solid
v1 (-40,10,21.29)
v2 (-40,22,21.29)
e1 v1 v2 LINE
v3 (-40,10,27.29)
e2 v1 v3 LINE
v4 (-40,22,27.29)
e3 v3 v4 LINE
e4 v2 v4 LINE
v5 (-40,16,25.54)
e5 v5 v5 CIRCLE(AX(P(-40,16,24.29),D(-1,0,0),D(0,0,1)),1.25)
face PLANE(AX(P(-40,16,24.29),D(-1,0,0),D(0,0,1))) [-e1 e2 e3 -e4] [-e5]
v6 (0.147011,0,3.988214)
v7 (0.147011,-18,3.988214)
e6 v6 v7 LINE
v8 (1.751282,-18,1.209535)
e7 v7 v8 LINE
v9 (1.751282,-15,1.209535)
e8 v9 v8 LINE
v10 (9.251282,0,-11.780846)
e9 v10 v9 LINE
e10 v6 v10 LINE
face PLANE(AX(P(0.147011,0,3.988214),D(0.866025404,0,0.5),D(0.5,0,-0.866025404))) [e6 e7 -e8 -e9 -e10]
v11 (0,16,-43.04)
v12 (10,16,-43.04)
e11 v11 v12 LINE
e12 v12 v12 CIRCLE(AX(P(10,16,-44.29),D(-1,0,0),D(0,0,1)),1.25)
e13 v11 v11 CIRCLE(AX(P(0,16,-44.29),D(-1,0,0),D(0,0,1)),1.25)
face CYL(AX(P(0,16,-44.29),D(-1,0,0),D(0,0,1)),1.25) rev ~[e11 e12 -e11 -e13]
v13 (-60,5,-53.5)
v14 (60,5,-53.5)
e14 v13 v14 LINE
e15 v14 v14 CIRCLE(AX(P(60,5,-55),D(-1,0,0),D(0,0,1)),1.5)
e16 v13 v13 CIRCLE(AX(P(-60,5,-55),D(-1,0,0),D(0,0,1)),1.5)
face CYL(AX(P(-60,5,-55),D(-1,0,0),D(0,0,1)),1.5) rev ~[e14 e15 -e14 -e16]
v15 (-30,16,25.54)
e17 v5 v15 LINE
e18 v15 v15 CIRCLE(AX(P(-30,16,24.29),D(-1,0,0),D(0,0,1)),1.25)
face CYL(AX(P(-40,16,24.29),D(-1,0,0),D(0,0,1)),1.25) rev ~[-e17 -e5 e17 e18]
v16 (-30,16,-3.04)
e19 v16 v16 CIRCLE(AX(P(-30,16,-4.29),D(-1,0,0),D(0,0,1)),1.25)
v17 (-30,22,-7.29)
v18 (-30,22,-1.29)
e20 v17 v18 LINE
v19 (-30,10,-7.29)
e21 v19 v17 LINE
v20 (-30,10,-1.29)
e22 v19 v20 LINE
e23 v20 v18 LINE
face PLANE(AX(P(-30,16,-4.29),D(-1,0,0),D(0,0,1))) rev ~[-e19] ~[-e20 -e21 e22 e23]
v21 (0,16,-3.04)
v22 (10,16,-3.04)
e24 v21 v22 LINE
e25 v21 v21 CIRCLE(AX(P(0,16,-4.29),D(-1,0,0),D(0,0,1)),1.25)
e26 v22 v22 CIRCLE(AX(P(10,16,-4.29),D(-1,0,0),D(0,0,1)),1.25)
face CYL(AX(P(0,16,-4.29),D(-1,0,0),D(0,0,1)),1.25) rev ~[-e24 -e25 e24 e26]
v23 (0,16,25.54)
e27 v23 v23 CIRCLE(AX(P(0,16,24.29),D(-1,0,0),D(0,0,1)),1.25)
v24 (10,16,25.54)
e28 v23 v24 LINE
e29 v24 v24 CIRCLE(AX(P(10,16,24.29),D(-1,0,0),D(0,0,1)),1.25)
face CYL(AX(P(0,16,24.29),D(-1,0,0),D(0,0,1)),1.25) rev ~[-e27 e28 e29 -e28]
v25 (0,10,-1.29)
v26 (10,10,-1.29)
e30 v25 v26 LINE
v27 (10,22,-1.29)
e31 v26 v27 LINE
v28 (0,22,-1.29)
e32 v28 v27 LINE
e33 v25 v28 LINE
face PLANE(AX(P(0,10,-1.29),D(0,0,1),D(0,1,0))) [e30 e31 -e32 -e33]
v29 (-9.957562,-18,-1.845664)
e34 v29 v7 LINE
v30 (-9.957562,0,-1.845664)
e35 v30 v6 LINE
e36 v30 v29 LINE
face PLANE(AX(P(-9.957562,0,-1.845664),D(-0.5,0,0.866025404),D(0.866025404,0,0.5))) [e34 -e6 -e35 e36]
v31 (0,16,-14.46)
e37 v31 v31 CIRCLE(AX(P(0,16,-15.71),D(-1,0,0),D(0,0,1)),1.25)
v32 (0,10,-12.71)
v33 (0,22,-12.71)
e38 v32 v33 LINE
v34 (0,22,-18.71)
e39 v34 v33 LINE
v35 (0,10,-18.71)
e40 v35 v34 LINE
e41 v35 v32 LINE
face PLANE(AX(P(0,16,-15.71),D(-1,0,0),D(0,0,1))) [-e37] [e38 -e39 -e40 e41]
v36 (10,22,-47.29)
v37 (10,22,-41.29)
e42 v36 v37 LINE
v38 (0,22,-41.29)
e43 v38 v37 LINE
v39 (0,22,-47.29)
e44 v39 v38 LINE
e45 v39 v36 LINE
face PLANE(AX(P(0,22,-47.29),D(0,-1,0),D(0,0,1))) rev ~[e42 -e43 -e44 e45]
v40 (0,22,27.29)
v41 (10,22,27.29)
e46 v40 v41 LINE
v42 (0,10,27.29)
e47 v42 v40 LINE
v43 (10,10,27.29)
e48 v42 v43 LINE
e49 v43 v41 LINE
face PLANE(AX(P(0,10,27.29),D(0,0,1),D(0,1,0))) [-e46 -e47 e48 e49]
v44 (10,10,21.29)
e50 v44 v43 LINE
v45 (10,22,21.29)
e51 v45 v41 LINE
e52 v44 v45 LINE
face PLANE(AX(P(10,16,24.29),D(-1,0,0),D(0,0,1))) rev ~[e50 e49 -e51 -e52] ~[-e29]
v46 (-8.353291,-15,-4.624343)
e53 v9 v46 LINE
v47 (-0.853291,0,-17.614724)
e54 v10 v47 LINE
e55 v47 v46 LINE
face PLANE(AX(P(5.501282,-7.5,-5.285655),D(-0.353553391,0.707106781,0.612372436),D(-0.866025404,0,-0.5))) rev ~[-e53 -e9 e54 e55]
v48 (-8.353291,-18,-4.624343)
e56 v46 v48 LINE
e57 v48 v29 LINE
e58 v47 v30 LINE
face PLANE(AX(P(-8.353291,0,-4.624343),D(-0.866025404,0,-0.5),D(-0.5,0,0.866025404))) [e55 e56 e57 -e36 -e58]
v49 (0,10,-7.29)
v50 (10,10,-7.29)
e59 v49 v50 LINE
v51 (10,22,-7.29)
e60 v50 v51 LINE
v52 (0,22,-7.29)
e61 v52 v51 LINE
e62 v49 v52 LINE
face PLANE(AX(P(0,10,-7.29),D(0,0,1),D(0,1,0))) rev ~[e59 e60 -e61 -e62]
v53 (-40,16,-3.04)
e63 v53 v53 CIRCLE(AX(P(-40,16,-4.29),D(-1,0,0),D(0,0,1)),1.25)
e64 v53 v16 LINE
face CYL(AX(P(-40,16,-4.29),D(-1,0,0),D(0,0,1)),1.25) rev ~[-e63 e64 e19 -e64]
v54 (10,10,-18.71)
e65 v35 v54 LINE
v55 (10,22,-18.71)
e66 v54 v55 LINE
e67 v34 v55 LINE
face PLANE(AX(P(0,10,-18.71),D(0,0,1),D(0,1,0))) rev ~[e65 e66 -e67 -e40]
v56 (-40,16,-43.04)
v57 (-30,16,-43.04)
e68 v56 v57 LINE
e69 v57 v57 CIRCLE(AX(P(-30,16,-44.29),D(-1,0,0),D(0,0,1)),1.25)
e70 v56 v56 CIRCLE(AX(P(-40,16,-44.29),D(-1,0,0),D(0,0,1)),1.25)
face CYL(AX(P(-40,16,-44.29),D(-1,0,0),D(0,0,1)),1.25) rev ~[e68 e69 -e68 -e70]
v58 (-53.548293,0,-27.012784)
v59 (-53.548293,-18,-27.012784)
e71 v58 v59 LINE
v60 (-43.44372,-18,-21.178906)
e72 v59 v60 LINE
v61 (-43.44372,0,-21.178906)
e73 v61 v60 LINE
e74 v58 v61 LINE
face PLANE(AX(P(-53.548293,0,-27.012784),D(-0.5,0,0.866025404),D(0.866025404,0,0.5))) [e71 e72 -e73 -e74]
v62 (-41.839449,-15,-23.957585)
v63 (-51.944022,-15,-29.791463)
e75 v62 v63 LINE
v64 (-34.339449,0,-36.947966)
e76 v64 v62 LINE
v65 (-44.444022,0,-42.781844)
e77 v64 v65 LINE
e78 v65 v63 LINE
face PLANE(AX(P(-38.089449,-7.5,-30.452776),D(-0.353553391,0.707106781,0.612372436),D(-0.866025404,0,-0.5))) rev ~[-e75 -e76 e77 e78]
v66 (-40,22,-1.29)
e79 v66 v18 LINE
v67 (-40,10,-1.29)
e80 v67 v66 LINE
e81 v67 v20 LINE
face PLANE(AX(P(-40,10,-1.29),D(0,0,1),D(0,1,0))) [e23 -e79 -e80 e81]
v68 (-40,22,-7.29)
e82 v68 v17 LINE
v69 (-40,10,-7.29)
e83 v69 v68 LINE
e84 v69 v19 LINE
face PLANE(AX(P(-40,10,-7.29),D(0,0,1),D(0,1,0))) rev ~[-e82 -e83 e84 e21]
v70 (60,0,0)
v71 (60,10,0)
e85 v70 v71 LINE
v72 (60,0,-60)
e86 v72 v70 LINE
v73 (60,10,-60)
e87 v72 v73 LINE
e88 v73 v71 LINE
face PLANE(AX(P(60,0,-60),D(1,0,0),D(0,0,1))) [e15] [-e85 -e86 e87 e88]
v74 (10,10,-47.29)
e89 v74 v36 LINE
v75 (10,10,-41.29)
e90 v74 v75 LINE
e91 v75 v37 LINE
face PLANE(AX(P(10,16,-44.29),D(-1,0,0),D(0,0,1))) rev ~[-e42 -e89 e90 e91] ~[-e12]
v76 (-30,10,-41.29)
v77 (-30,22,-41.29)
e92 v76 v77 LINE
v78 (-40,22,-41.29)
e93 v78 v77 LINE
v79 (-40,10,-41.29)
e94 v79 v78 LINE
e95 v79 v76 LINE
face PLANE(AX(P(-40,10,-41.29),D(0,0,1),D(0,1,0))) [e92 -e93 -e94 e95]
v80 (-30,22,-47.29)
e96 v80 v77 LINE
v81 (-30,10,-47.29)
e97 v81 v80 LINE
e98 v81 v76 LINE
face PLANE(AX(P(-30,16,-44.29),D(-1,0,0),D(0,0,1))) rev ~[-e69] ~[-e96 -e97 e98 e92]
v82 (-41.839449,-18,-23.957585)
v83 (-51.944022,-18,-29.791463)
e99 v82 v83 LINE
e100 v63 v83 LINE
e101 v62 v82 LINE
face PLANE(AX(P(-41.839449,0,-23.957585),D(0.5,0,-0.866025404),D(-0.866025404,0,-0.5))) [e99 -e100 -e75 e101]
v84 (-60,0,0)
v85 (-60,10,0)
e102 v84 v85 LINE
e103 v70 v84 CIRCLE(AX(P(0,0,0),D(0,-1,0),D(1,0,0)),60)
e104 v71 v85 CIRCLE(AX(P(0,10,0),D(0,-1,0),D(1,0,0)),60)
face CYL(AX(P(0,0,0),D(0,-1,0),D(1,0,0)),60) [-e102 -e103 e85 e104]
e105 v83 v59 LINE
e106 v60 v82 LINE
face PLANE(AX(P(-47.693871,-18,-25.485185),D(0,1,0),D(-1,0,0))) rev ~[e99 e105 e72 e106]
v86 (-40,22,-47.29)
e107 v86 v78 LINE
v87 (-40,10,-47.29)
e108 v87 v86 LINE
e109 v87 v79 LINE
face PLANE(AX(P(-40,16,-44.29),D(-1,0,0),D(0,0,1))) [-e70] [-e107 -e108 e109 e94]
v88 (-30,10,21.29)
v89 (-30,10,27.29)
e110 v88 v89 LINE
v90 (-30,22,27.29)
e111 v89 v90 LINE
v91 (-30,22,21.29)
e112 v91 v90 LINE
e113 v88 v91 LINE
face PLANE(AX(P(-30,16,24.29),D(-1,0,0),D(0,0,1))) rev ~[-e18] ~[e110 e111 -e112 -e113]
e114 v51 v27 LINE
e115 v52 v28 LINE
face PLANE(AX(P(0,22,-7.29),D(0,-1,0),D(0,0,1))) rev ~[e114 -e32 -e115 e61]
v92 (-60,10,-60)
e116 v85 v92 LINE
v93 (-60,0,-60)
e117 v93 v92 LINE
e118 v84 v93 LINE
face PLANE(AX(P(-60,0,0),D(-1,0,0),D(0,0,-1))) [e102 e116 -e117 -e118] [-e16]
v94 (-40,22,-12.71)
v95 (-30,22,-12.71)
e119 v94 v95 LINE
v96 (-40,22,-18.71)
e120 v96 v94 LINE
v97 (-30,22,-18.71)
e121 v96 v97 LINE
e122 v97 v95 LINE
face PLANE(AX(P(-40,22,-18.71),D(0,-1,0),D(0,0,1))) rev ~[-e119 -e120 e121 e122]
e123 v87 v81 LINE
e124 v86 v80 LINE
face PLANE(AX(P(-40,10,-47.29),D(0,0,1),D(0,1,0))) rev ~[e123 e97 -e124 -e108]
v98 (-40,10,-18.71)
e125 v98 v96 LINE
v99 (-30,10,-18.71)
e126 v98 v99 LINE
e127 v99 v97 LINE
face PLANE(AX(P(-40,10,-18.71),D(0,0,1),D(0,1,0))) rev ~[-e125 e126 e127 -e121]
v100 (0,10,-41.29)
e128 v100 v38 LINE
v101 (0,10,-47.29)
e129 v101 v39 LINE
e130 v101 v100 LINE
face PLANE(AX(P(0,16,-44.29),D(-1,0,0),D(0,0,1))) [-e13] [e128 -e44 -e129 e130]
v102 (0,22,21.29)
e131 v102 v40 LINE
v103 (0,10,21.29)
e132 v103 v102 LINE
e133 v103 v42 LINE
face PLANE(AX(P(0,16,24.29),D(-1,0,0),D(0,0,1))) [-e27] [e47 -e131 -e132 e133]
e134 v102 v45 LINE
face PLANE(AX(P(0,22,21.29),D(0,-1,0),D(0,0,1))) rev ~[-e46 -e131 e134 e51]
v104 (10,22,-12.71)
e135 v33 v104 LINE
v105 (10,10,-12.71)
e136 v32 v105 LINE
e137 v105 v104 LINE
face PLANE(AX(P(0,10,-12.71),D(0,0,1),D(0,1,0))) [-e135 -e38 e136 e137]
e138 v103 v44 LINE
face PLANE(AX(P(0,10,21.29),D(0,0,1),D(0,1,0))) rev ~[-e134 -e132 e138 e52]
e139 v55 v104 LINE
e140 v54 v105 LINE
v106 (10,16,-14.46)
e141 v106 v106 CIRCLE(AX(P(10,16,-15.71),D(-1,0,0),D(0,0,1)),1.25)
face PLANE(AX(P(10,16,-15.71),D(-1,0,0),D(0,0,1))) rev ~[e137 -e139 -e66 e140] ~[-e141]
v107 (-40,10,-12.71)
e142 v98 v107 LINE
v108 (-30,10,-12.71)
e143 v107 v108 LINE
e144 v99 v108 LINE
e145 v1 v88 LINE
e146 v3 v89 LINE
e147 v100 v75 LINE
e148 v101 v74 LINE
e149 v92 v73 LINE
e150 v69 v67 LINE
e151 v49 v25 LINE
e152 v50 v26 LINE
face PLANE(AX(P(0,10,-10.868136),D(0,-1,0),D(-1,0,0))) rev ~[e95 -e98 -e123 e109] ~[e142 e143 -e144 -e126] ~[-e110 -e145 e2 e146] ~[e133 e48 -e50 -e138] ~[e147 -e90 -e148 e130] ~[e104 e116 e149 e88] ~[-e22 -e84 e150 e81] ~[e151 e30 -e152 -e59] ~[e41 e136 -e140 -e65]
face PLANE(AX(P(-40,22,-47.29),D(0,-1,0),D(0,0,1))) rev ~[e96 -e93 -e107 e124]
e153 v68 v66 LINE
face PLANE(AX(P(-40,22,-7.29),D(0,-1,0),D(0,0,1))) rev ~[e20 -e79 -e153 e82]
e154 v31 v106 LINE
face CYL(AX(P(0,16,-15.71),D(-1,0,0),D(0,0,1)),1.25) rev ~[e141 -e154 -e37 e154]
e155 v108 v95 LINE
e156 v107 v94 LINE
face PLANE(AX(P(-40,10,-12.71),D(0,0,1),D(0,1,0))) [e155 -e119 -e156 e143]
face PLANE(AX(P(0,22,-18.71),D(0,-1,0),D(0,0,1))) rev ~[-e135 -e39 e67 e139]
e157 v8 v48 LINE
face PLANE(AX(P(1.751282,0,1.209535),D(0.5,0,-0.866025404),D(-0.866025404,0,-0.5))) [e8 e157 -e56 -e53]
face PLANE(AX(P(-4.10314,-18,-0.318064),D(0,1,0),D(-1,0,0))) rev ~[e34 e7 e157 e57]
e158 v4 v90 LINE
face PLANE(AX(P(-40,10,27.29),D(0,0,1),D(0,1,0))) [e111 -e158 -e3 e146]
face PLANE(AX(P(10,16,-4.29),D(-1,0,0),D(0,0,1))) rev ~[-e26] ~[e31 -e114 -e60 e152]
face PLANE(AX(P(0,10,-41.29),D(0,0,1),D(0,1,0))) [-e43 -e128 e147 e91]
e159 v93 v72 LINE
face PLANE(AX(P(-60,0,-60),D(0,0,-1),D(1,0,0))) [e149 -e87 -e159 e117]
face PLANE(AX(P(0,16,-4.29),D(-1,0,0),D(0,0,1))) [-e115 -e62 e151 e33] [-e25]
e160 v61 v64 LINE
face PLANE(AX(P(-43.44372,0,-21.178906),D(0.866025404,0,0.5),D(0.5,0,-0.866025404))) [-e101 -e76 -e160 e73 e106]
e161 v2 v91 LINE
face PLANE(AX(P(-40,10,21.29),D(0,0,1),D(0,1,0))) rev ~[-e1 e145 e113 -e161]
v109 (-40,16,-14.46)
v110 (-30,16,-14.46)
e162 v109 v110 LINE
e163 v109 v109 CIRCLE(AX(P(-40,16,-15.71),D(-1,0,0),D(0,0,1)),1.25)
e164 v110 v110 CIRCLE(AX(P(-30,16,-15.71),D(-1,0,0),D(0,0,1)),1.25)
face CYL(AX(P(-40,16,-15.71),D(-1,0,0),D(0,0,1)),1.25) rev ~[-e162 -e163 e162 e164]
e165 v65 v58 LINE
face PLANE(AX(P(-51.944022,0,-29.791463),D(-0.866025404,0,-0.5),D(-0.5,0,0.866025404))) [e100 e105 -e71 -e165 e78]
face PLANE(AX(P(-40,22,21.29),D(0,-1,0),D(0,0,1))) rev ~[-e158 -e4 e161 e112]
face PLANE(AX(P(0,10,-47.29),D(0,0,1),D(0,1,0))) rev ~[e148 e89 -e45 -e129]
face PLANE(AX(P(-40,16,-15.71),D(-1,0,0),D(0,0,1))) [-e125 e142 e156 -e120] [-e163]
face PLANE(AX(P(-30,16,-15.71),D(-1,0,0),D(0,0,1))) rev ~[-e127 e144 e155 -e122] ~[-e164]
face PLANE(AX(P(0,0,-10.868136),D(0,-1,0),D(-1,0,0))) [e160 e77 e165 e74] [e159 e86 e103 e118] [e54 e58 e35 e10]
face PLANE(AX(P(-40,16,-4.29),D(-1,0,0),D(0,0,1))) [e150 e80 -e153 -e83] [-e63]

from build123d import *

# Parameters (mm, degrees)
BOSS_EXTRUDE1_DEPTH     = 10
SKETCH2_R               = 1.5
CUT_EXTRUDE1_DEPTH      = 1
CUT_EXTRUDE1_DEPTH_BACK = 121
BOSS_EXTRUDE2_START     = -20
SKETCH5_W               = 6
SKETCH5_H               = 12
SKETCH5_R               = 1.25
BOSS_EXTRUDE2_DEPTH     = 10
LPATTERN1_COUNT         = 2
LPATTERN1_PITCH         = 40
LPATTERN1_COUNT_DIR2    = 2
LPATTERN1_PITCH_DIR2    = 40
BOSS_EXTRUDE4_DEPTH     = 18
CHAMFER1_SIZE           = 15


with BuildPart() as part:
    # Sketch1 → Boss-Extrude1 (new body)
    with BuildSketch(Plane(origin=(0, 0, 0), x_dir=(1, 0, 0), z_dir=(0, 1, 0))):
        with BuildLine():
            Line((-60, 0), (-60, 60))
            Line((-60, 60), (60, 60))
            Line((60, 60), (60, 0))
            ThreePointArc((60, 0), (0, -60), (-60, 0))
        make_face()
    extrude(amount=BOSS_EXTRUDE1_DEPTH)

    # Sketch2 → Cut-Extrude1 (cut, two sides)
    with BuildSketch(Plane.ZY.offset(60)) as cut_extrude1_sk:
        with Locations((-55, 5)):
            Circle(SKETCH2_R)
    extrude(amount=CUT_EXTRUDE1_DEPTH, mode=Mode.SUBTRACT)
    extrude(cut_extrude1_sk.sketch, amount=-CUT_EXTRUDE1_DEPTH_BACK, mode=Mode.SUBTRACT)

    # Sketch5 → Boss-Extrude2 (add)
    with BuildSketch(Plane.ZY.offset(60).offset(BOSS_EXTRUDE2_START)):
        with Locations((-44.29, 16)):
            Rectangle(SKETCH5_W, SKETCH5_H)
        with Locations((-44.29, 16)):
            Circle(SKETCH5_R, mode=Mode.SUBTRACT)
        with Locations((-15.71, 16)):
            Rectangle(SKETCH5_W, SKETCH5_H)
        with Locations((-15.71, 16)):
            Circle(SKETCH5_R, mode=Mode.SUBTRACT)
    boss_extrude2 = extrude(amount=-BOSS_EXTRUDE2_DEPTH)

    # LPattern1: Boss-Extrude2 2 × 2
    with Locations(*[(i * LPATTERN1_PITCH, 0, j * LPATTERN1_PITCH_DIR2) for i in range(LPATTERN1_COUNT) for j in range(LPATTERN1_COUNT_DIR2) if (i, j) != (0, 0)]):
        add(boss_extrude2)

    # Sketch9 → Boss-Extrude4 (add)
    with BuildSketch(Plane.XZ):
        Polygon((-53.548293043, -27.012784213), (-43.443719976, -21.178906233), (-41.83944897, -23.957585125), (-51.944022036, -29.791463105), align=None)
        Polygon((-9.957561883, -1.845663844), (0.147011183, 3.988214136), (1.75128219, 1.209535244), (-8.353290877, -4.624342736), align=None)
    extrude(amount=BOSS_EXTRUDE4_DEPTH)

    # Chamfer1
    chamfer1_edges = [part.edges().sort_by_distance(p)[0] for p in [
        (-46.891735503, 0, -26.874524115),
        (-3.301004344, 0, -1.707403746),
    ]]
    chamfer(chamfer1_edges, length=CHAMFER1_SIZE)


solid = part.part
